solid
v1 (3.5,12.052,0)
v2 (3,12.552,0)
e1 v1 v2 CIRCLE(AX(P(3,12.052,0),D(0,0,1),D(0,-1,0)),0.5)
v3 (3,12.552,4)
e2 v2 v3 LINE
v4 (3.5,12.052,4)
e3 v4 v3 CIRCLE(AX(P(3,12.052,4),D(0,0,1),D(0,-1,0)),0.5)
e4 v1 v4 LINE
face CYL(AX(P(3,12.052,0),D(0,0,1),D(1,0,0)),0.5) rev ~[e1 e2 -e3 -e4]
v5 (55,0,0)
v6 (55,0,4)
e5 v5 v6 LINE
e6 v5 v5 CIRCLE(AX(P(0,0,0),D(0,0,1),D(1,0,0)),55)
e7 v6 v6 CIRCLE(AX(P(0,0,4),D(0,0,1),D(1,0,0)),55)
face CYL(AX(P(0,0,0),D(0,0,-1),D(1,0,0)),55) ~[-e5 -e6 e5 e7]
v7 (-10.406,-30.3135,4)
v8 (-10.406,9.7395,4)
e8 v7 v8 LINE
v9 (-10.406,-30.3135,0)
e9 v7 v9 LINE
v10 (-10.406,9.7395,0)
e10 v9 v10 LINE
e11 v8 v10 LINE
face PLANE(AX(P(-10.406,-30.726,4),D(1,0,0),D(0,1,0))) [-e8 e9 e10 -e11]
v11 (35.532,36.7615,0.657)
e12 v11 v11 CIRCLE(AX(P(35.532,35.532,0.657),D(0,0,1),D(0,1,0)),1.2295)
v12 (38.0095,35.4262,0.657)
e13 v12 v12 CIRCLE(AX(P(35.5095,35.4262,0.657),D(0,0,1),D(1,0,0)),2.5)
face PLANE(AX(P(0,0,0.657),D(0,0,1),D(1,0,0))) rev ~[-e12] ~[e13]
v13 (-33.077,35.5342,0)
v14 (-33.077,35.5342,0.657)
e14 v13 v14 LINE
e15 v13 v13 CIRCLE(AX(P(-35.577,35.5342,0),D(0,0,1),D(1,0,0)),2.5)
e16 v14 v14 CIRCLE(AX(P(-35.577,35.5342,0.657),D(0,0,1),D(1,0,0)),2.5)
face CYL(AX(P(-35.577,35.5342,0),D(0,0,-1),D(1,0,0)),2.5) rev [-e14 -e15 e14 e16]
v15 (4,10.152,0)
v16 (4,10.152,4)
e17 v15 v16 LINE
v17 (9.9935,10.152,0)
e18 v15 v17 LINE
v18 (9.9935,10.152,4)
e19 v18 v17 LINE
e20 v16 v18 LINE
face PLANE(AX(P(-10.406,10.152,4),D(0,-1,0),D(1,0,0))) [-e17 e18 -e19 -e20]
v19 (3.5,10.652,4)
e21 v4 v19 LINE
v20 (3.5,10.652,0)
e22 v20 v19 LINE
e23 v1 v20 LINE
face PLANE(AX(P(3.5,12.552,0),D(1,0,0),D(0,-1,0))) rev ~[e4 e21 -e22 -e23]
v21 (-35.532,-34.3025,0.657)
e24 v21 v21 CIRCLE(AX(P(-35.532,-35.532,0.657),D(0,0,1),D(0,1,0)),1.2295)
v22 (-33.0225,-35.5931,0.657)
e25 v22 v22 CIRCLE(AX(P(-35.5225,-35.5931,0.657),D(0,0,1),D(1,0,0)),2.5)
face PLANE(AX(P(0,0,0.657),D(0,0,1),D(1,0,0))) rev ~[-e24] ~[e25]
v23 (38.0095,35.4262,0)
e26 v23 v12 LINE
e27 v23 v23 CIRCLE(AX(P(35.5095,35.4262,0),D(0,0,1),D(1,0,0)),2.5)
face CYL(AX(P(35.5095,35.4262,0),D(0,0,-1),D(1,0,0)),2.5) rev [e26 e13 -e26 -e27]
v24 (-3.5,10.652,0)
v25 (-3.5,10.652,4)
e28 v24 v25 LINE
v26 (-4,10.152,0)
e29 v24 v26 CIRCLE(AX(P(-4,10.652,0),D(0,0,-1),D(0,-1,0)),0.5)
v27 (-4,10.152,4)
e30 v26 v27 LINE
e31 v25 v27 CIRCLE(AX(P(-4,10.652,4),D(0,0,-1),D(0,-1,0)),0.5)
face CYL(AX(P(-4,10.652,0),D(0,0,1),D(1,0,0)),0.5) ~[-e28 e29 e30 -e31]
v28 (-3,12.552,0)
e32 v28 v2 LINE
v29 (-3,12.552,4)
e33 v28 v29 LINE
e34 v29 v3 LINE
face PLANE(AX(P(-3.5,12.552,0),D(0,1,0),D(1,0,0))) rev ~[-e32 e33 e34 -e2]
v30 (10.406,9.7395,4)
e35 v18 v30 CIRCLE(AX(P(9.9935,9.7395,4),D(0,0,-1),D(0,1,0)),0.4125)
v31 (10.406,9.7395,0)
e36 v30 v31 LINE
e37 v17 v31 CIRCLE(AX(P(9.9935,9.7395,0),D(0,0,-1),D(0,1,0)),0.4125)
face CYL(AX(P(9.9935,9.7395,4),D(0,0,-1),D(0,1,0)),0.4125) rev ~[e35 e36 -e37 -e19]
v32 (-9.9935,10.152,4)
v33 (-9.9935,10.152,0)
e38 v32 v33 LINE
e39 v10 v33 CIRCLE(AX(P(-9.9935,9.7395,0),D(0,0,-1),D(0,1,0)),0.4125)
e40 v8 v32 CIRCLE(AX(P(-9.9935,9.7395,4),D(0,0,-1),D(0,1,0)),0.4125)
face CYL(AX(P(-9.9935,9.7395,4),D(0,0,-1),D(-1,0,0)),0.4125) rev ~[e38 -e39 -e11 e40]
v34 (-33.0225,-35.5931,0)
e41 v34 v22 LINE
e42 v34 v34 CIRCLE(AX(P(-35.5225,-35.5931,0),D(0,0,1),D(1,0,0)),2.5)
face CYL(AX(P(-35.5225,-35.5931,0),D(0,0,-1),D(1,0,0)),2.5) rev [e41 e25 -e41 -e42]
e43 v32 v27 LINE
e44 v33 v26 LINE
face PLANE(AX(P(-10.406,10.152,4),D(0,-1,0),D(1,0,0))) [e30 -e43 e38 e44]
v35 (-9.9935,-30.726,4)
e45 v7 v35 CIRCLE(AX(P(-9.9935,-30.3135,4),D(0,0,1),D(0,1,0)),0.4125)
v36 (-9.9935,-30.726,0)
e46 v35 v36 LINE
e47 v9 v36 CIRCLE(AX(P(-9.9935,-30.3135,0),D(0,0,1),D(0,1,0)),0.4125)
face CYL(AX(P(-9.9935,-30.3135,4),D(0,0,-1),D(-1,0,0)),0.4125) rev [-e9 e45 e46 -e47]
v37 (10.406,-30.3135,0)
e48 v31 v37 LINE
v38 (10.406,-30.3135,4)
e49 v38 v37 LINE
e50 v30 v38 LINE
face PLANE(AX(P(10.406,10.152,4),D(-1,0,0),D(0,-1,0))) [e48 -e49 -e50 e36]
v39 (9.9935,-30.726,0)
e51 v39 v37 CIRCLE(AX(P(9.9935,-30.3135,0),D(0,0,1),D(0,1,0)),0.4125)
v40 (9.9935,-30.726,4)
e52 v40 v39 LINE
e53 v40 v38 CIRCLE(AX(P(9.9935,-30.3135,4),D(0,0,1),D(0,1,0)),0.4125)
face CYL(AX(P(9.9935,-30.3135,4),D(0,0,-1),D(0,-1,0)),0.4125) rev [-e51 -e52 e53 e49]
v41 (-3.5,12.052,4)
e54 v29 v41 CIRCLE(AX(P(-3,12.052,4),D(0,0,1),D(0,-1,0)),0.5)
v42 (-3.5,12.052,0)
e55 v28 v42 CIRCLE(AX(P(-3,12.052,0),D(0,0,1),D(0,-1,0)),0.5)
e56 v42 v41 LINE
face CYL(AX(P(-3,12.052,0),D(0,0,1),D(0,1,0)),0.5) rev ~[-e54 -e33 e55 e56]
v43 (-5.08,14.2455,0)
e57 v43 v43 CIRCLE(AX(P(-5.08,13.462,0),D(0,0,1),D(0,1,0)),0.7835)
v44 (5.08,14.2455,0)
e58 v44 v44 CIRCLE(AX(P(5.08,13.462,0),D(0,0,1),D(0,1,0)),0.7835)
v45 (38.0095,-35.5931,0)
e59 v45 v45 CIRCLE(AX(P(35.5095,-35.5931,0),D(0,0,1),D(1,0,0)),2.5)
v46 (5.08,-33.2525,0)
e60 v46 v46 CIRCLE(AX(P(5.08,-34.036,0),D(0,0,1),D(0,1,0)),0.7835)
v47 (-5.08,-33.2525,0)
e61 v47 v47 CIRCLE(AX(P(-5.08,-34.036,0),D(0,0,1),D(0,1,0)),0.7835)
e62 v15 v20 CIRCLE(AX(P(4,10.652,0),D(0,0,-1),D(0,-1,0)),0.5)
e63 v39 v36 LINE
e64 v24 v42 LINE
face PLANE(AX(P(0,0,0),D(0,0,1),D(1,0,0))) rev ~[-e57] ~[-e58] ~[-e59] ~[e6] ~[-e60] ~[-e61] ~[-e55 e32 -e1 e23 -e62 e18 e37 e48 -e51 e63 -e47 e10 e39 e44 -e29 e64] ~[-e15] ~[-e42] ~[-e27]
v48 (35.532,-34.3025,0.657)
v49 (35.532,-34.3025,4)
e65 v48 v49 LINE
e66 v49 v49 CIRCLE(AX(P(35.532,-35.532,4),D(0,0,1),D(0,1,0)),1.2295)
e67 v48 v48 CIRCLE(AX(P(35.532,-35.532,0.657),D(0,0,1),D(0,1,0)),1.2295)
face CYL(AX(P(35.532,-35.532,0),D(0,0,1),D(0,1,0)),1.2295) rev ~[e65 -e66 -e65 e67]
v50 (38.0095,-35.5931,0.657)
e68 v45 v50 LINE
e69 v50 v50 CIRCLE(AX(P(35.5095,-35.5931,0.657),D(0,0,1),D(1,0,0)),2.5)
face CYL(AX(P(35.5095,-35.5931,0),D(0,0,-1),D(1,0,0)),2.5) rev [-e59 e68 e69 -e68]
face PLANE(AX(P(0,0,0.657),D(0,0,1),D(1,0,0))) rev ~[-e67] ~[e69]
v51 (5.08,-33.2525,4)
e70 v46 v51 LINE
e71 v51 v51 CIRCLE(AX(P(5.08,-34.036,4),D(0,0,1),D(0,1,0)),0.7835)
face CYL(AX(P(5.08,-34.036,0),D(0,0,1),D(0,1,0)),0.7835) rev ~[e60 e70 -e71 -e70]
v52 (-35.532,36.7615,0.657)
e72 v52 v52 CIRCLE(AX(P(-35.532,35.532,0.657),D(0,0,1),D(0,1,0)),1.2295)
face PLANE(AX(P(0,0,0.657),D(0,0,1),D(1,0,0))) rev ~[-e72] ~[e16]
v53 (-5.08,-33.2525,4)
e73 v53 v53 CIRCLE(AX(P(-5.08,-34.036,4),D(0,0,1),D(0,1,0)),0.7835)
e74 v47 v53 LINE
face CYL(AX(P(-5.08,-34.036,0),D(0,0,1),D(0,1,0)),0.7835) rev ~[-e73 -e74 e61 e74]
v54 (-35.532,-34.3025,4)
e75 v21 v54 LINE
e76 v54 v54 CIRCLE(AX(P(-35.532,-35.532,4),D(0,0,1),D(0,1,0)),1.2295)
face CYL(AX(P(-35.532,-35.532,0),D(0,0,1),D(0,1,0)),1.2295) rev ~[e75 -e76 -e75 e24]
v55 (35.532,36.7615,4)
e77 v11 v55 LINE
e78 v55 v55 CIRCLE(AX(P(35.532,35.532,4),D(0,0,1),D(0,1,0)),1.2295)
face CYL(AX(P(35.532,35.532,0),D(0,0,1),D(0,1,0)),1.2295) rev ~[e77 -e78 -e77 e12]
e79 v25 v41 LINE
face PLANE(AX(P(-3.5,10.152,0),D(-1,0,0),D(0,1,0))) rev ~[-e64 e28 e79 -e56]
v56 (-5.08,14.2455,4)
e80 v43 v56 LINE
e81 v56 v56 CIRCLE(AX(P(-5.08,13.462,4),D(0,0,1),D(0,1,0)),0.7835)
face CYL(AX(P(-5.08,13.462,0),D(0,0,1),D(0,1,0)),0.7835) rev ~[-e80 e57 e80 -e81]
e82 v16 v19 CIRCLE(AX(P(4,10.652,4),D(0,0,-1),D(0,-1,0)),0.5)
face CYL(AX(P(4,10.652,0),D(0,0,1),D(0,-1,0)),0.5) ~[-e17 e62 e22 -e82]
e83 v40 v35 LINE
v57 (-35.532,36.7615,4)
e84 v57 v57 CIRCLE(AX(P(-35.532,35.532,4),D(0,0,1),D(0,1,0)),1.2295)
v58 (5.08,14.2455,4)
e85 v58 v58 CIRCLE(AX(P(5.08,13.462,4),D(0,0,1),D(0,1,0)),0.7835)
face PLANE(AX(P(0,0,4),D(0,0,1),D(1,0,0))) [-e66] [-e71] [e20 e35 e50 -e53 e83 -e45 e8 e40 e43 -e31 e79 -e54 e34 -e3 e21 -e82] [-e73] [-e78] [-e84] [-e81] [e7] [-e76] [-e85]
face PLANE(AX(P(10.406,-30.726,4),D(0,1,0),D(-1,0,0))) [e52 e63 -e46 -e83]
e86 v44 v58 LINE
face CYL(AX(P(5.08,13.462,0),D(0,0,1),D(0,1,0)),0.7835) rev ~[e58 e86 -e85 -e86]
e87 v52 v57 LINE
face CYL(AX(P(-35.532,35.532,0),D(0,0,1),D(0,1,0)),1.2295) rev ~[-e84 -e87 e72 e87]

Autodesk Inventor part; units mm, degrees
sketch "Sketch1" plane through (0, 0, 0) normal (0, 0, 1) x (1, 0, 0)
  circle A0 centre (0, 0) radius 55
  dimension "d0" = 110
extrude "Extrusion1" add sketch "Sketch1" along normal blind 4
ref_plane "Work Plane1" through (0, 0, 4) normal (0, 0, 1) x (1, 0, 0)
sketch "Sketch2" plane through (0, 0, 4) normal (0, 0, 1) x (1, 0, 0)
  line L0 (-10.406, 10.152) -> (10.406, 10.152)
  line L1 (10.406, 10.152) -> (10.406, -30.726)
  line L2 (10.406, -30.726) -> (-10.406, -30.726)
  line L3 (-10.406, -30.726) -> (-10.406, 10.152)
  circle A0 centre (-35.532, 35.532) radius 1.5
  circle A1 centre (-35.532, -35.532) radius 1.5
  circle A2 centre (35.532, -35.532) radius 1.5
  circle A3 centre (35.532, 35.532) radius 1.5
  circle A4 centre (-5.08, 13.462) radius 1
  circle A5 centre (5.08, 13.462) radius 1
  circle A6 centre (-5.08, -34.036) radius 1
  circle A7 centre (5.08, -34.036) radius 1
  point P0 (0, 0)
  point P1 (0, 10.152)
  point P2 (0, -30.726)
  dimension "d78" = 30.226
  dimension "d80" = 5.08
  dimension "d82" = 5.08
  dimension "d4" = 20.812
  dimension "d5" = 40.878
  dimension "d6" = 10.152
  dimension "d7" = 3
  dimension "d8" = 3
  dimension "d9" = 3
  dimension "d10" = 3
  dimension "d11" = 2
  dimension "d12" = 2
  dimension "d13" = 2
  dimension "d14" = 2
  dimension "d15" = 35.532
  dimension "d16" = 35.532
  dimension "d17" = 35.532
  dimension "d18" = 35.532
  dimension "d19" = 35.532
  dimension "d20" = 35.532
  dimension "d21" = 35.532
  dimension "d22" = 35.532
  dimension "d23" = 10.16
  dimension "d24" = 10.16
  dimension "d25" = 3.31
  dimension "d26" = 3.31
  dimension "d27" = 3.31
  dimension "d28" = 3.31
  dimension "d47" = 30.726
  dimension "d48" = 5.08
  dimension "d49" = 5.08
  dimension "d50" = 5.08
  dimension "d51" = 5.08
  dimension "d137" = 10.152
extrude "Extrusion2" cut sketch "Sketch2" against normal blind 4 contours L0 L1 L2 L3
ref_plane "Work Plane2" through (0, 0, 4) normal (0, 0, 1) x (1, 0, 0)
sketch "Sketch3" plane through (0, 0, 4) normal (0, 0, 1) x (1, 0, 0)
  circle A0 centre (-35.577, 35.5342) radius 2.5
  circle A1 centre (-35.5225, -35.5931) radius 2.5
  circle A2 centre (35.5095, -35.5931) radius 2.5
  circle A3 centre (35.5095, 35.4262) radius 2.5
  point P0 (0, 0)
ref_plane "Work Plane3" through (0, 0, 0) normal (0, 0, 1) x (1, 0, 0)
sketch "Sketch4" plane through (0, 0, 0) normal (0, 0, 1) x (1, 0, 0)
  circle A0 centre (-35.577, 35.5342) radius 2.5
  circle A1 centre (-35.5225, -35.5931) radius 2.5
  circle A2 centre (35.5095, -35.5931) radius 2.5
  circle A3 centre (35.5095, 35.4262) radius 2.5
  point P0 (0, 0)
  point P1 (0, 0)
  dimension "d41" = 5
  dimension "d42" = 5
  dimension "d43" = 5
  dimension "d44" = 5
extrude "Extrusion3" cut sketch "Sketch4" along normal blind 0.657
ref_plane "Work Plane4" through (0, 0, 0) normal (0, 0, -1) x (-1, 0, 0)
sketch "Sketch5" plane through (0, 0, 0) normal (0, 0, -1) x (-1, 0, 0)
  line L0 (-9.906, 9.652) -> (9.906, 9.652)
  line L1 (9.906, 9.652) -> (9.906, -30.226)
  line L2 (9.906, -30.226) -> (-9.906, -30.226)
  line L3 (-9.906, -30.226) -> (-9.906, 9.652)
  circle A0 centre (-35.532, 35.532) radius 1.5
  circle A1 centre (-35.532, -35.532) radius 1.5
  circle A2 centre (35.532, -35.532) radius 1.5
  circle A3 centre (35.532, 35.532) radius 1.5
  circle A4 centre (-5.08, 13.462) radius 1
  circle A5 centre (5.08, 13.462) radius 1
  circle A6 centre (-5.08, -34.036) radius 1
  circle A7 centre (5.08, -34.036) radius 1
  point P0 (0, 0)
  point P1 (0, 0)
  point P2 (0, 9.652)
  point P3 (0, -30.226)
  dimension "d53" = 19.812
  dimension "d54" = 39.878
  dimension "d55" = 9.652
  dimension "d56" = 3
  dimension "d57" = 3
  dimension "d58" = 3
  dimension "d59" = 3
  dimension "d60" = 2
  dimension "d61" = 2
  dimension "d62" = 2
  dimension "d63" = 2
  dimension "d64" = 35.532
  dimension "d65" = 35.532
  dimension "d66" = 35.532
  dimension "d67" = 35.532
  dimension "d68" = 35.532
  dimension "d69" = 35.532
  dimension "d70" = 35.532
  dimension "d71" = 35.532
  dimension "d72" = 10.16
  dimension "d73" = 10.16
  dimension "d74" = 3.81
  dimension "d75" = 3.81
  dimension "d76" = 3.81
  dimension "d77" = 3.81
  dimension "d78" = 30.226
  dimension "d79" = 5.08
  dimension "d80" = 5.08
  dimension "d81" = 5.08
  dimension "d82" = 5.08
hole "Hole1" at (35.532, 35.532, 0) at (-35.532, 35.532, 0) at (35.532, -35.532, 0) at (-35.532, -35.532, 0) direction (0, 0, 1) diameter 2.459 depth 4 tip angle 118 thread size "M3x0.5" class "6H" standard "ANSI Metric M Profile"
ref_plane "Work Plane5" through (0, 0, 0) normal (0, 0, -1) x (-1, 0, 0)
sketch "Sketch6" plane through (0, 0, 0) normal (0, 0, -1) x (-1, 0, 0)
  line L0 (-9.906, 9.652) -> (9.906, 9.652)
  line L1 (9.906, 9.652) -> (9.906, -30.226)
  line L2 (9.906, -30.226) -> (-9.906, -30.226)
  line L3 (-9.906, -30.226) -> (-9.906, 9.652)
  circle A0 centre (-35.532, 35.532) radius 1.5
  circle A1 centre (-35.532, -35.532) radius 1.5
  circle A2 centre (35.532, -35.532) radius 1.5
  circle A3 centre (35.532, 35.532) radius 1.5
  circle A4 centre (-5.08, 13.462) radius 1
  circle A5 centre (5.08, 13.462) radius 1
  circle A6 centre (-5.08, -34.036) radius 1
  circle A7 centre (5.08, -34.036) radius 1
  point P0 (0, 0)
  point P1 (0, 0)
  point P2 (0, 0)
  point P3 (0, 9.652)
  point P4 (0, -30.226)
  dimension "d91" = 19.812
  dimension "d92" = 39.878
  dimension "d93" = 9.652
  dimension "d94" = 3
  dimension "d95" = 3
  dimension "d96" = 3
  dimension "d97" = 3
  dimension "d98" = 2
  dimension "d99" = 2
  dimension "d100" = 2
  dimension "d101" = 2
  dimension "d102" = 35.532
  dimension "d103" = 35.532
  dimension "d104" = 35.532
  dimension "d105" = 35.532
  dimension "d106" = 35.532
  dimension "d107" = 35.532
  dimension "d108" = 35.532
  dimension "d109" = 35.532
  dimension "d110" = 10.16
  dimension "d111" = 10.16
  dimension "d112" = 3.81
  dimension "d113" = 3.81
  dimension "d114" = 3.81
  dimension "d115" = 3.81
  dimension "d116" = 30.226
  dimension "d117" = 5.08
  dimension "d118" = 5.08
  dimension "d119" = 5.08
  dimension "d120" = 5.08
hole "Hole2" at (-5.08, 13.462, 0) at (5.08, 13.462, 0) at (-5.08, -34.036, 0) at (5.08, -34.036, 0) direction (0, 0, 1) diameter 1.567 depth 4 tip angle 118 thread size "M2x0.4" class "6H" standard "ANSI Metric M Profile"
fillet "Fillet1" radius 0.4125 4 edges at (10.406, -30.726, 2) (-10.406, -30.726, 2) (10.406, 10.152, 2) (-10.406, 10.152, 2)
ref_plane "Work Plane6" through (0, 0, 0) normal (0, 0, -1) x (-1, 0, 0)
sketch "Sketch7" plane through (0, 0, 0) normal (0, 0, -1) x (-1, 0, 0)
  line L0 (3.5, 12.552) -> (-3.5, 12.552)
  line L1 (-3.5, 12.552) -> (-3.5, 10.052)
  line L2 (-3.5, 10.052) -> (3.5, 10.052)
  line L3 (3.5, 10.052) -> (3.5, 12.552)
  line L4 (-9.9935, 10.152) -> (9.9935, 10.152) projected
  point P0 (0, 0)
  point P1 (-3.5, 10.152)
  point P2 (3.5, 10.152)
  dimension "d130" = 2.5
  dimension "d131" = 7
  dimension "d132" = 0.1
  dimension "d133" = 3.5
extrude "Extrusion4" cut sketch "Sketch7" against normal blind 4 contours L3 L4 L1 L0
fillet "Fillet2" radius 0.5 4 edges at (-3.5, 12.552, 2) (-3.5, 10.152, 2) (3.5, 12.552, 2) (3.5, 10.152, 2)
properties part number "bottom-plate_3DPrint"
